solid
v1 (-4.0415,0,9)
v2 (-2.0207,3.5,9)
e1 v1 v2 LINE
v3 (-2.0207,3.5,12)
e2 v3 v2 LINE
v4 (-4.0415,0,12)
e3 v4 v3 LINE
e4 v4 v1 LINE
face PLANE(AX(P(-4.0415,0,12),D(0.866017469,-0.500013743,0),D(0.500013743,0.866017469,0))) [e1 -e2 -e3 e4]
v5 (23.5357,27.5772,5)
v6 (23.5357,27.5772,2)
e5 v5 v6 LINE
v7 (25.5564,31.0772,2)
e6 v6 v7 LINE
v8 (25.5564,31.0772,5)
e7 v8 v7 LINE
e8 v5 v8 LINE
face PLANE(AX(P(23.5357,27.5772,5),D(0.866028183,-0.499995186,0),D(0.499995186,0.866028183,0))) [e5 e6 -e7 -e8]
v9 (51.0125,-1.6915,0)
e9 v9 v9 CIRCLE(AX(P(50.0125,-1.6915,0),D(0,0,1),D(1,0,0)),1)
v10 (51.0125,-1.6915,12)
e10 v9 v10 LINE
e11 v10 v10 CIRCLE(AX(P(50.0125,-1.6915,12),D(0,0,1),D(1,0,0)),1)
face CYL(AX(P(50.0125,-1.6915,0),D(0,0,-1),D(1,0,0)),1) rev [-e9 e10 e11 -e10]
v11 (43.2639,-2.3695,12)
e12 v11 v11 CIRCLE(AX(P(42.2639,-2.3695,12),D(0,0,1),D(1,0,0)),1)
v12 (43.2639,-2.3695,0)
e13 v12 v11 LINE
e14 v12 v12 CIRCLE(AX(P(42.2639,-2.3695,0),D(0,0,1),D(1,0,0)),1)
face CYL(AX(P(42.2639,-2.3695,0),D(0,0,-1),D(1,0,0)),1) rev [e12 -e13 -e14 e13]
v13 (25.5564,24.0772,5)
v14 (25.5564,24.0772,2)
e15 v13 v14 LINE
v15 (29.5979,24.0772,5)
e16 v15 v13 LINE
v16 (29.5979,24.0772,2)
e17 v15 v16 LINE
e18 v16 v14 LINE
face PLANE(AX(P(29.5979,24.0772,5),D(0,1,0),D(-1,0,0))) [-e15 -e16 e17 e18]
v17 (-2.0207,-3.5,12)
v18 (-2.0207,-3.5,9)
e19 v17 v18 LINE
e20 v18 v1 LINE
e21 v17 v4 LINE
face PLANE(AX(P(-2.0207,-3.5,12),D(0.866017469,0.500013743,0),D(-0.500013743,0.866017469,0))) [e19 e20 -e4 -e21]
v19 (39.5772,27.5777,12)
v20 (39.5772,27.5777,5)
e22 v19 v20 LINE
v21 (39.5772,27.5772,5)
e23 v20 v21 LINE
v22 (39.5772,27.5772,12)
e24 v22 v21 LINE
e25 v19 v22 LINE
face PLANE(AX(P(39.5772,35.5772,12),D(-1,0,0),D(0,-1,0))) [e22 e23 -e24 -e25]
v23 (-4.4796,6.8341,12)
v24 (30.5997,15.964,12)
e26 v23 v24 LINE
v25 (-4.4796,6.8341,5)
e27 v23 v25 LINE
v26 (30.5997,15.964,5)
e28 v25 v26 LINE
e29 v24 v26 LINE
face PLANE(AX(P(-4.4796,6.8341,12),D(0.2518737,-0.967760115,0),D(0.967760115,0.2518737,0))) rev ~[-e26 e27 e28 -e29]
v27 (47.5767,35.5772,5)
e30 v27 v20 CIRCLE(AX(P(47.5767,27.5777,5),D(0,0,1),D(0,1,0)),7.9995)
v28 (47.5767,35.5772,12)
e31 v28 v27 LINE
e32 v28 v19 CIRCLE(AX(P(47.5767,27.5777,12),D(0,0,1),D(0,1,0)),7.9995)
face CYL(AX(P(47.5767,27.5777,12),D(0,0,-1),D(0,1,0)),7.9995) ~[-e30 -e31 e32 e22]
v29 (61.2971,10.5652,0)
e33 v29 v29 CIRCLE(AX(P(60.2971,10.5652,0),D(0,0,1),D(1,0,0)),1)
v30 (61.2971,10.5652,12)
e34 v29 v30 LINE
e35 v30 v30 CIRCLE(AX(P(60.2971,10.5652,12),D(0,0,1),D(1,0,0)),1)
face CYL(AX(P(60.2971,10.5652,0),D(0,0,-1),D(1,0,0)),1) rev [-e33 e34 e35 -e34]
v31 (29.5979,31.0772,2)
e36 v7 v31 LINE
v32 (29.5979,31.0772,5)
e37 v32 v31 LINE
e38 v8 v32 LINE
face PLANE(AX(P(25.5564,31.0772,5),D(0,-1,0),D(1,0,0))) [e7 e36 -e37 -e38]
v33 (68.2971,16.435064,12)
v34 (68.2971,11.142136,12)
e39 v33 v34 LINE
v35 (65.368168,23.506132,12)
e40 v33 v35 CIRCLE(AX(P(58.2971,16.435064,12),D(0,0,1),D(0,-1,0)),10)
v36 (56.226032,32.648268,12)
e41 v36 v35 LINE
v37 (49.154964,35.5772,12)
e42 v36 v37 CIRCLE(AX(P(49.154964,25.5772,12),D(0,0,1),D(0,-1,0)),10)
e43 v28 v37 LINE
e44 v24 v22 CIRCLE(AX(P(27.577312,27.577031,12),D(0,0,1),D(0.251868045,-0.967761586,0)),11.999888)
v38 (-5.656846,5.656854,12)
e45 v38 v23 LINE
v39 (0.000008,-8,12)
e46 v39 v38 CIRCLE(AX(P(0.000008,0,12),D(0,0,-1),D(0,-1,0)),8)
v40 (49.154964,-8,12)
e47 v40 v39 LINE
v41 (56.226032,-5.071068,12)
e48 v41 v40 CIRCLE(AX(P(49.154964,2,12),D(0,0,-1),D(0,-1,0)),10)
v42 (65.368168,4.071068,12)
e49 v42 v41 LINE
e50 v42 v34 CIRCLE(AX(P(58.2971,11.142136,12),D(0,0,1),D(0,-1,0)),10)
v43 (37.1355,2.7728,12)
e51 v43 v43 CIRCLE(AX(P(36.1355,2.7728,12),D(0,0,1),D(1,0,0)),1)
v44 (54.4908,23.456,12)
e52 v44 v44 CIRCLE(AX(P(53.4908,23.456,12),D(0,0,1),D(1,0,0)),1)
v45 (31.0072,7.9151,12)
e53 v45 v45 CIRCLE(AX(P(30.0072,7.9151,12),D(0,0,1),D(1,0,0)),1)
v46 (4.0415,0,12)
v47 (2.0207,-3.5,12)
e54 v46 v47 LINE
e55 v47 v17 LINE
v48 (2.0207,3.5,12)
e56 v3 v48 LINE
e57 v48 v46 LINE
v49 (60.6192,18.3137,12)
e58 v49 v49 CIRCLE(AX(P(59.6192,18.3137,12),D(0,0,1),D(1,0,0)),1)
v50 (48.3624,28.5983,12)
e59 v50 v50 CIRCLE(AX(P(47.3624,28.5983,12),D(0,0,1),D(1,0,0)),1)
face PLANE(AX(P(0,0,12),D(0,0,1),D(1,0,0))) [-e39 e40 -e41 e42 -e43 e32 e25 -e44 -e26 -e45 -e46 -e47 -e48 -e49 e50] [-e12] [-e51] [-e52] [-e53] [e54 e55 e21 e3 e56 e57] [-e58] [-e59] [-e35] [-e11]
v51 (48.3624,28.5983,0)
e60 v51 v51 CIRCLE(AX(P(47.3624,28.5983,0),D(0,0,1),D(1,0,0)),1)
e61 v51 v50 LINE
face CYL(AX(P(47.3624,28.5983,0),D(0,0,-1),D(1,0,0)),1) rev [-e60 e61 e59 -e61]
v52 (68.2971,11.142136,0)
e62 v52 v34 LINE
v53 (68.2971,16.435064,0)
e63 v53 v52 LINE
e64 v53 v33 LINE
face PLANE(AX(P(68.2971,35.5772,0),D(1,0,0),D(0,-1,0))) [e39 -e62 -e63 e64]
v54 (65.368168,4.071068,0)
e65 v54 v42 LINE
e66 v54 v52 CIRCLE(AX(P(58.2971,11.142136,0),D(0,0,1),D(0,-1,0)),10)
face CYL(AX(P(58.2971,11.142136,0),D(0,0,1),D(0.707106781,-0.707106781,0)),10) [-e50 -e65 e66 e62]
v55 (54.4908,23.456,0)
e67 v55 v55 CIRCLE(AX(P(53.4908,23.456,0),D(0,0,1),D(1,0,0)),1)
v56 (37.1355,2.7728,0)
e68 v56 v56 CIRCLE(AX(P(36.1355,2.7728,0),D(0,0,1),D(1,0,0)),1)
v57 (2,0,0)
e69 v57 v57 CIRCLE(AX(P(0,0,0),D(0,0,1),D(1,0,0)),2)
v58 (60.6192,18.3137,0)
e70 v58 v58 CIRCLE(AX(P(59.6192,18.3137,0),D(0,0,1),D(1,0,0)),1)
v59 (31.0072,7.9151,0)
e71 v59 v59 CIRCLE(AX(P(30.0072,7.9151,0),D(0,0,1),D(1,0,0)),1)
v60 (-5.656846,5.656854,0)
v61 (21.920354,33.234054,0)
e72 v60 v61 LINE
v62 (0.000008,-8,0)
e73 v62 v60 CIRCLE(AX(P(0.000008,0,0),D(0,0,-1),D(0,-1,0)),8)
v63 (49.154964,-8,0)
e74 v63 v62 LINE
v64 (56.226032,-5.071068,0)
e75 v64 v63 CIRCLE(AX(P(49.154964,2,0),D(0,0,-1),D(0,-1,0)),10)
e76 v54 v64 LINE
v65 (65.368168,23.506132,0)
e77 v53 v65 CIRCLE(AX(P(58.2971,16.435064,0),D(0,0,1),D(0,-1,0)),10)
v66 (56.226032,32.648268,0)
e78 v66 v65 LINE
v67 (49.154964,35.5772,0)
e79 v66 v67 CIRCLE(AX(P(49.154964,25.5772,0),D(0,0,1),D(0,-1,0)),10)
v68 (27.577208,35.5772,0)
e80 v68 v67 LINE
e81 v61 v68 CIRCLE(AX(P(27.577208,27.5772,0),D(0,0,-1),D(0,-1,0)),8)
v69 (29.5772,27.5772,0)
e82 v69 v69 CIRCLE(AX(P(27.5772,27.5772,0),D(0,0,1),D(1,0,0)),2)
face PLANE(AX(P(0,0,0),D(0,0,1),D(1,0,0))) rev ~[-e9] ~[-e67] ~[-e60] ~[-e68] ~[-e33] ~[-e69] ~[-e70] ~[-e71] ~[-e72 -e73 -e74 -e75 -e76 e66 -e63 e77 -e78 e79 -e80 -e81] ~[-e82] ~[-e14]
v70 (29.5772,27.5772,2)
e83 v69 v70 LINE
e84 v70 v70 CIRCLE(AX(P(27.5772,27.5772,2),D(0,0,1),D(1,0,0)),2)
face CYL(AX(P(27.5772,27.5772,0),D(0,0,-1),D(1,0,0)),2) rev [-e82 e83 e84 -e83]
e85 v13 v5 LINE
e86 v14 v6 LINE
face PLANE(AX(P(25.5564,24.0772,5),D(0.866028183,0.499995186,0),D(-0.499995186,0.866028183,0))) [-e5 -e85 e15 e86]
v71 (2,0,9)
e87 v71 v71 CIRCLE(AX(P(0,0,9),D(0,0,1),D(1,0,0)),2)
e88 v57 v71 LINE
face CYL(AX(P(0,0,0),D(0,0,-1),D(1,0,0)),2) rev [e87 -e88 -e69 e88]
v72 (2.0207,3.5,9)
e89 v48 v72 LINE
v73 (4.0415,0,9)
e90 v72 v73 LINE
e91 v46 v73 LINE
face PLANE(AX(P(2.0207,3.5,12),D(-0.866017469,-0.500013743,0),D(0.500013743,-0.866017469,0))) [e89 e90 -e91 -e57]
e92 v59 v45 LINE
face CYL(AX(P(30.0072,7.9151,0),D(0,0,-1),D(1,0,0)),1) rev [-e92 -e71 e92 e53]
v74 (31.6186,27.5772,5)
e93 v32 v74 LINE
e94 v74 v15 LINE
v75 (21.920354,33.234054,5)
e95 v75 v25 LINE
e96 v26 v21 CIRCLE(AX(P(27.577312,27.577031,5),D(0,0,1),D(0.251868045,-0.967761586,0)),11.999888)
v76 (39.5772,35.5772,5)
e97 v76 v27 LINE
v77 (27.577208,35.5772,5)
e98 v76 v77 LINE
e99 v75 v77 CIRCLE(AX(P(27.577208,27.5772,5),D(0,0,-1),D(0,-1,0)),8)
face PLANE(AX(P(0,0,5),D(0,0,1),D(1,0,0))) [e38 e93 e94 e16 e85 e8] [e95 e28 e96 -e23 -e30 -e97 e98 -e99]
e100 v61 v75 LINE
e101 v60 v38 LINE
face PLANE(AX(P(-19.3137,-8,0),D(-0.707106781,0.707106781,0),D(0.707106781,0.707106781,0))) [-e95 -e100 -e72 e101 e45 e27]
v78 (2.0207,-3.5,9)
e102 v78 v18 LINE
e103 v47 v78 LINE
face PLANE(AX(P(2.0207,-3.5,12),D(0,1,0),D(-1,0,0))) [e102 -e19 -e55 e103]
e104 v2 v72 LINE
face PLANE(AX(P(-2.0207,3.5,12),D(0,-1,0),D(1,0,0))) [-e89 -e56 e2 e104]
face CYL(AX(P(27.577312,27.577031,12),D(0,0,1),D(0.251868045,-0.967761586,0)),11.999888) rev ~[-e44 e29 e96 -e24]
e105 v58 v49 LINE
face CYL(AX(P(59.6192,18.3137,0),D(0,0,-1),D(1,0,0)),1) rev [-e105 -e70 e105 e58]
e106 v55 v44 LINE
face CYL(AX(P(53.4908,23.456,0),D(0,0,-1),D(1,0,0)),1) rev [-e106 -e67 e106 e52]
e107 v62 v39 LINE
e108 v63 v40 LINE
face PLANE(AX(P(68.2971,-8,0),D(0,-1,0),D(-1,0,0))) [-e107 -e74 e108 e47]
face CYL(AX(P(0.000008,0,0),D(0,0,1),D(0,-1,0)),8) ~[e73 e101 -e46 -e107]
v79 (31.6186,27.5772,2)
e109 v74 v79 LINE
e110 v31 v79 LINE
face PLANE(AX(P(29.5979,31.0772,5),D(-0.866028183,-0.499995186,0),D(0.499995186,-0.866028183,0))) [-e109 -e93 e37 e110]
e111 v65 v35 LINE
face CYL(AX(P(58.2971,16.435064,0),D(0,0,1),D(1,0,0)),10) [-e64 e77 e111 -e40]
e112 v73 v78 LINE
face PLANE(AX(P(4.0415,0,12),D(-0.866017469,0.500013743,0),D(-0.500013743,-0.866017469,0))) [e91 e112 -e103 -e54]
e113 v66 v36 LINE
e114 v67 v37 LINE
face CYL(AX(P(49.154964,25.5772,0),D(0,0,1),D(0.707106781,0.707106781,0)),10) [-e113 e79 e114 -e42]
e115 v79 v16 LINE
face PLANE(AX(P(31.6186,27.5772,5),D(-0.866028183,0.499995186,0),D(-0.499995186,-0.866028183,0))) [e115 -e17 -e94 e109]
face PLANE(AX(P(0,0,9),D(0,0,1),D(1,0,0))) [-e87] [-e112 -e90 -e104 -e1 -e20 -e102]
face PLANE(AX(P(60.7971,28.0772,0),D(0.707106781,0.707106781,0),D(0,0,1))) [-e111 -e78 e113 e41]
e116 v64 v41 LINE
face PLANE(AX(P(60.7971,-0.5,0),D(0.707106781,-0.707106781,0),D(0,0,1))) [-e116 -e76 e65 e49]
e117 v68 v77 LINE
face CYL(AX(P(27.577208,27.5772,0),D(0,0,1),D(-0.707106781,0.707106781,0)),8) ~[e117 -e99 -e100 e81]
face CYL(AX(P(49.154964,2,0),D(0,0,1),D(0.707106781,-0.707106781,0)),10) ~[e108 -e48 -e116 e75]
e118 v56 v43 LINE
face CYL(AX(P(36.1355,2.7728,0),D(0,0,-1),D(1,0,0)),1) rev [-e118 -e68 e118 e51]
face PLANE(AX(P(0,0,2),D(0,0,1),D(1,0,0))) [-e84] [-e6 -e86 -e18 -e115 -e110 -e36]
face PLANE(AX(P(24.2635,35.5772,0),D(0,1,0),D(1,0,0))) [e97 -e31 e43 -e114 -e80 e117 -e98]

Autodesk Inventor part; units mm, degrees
ref_plane "YZ Plane" through (0, 0, 0) normal (1, 0, 0) x (0, 1, 0)
ref_plane "XZ Plane" through (0, 0, 0) normal (0, 1, 0) x (-1, 0, 0)
ref_plane "XY Plane" through (0, 0, 0) normal (0, 0, 1) x (1, 0, 0)
sketch "Esquisse1" plane through (0, 0, 0) normal (0, 0, 1) x (1, 0, 0)
  line L0 (0, 0) -> (52, 0) construction
  line L1 (0, 0) -> (27.5772, 27.5772) construction
  circle A0 centre (27.5772, 27.5772) radius 2
  circle A1 centre (0, 0) radius 2
  line L2 (0, 0) -> (0, -8) construction
  line L3 (0, 0) -> (-5.6569, 5.6569) construction
  line L4 (68.2971, -8) -> (-19.3137, -8)
  line L5 (27.5772, 27.5772) -> (27.5772, 35.5772) construction
  line L6 (-19.3137, -8) -> (24.2635, 35.5772)
  line L7 (24.2635, 35.5772) -> (68.2971, 35.5772)
  line L8 (27.5772, 27.5772) -> (49, 27.5772) construction
  line L9 (27.5772, 27.5772) -> (55.1548, 4.4368) construction
  line L10 (27.5772, 27.5772) -> (36.2548, 37.9188) construction
  line L11 (36.2548, 37.9188) -> (41.2341, 33.7406) construction
  line L12 (41.2341, 33.7406) -> (47.3624, 28.5983) construction
  line L13 (47.3624, 28.5983) -> (53.4908, 23.456) construction
  line L14 (53.4908, 23.456) -> (59.6192, 18.3137) construction
  line L15 (55.1548, 4.4368) -> (60.2971, 10.5652) construction
  circle A2 centre (41.2341, 33.7406) radius 1 construction
  circle A3 centre (47.3624, 28.5983) radius 1
  circle A4 centre (53.4908, 23.456) radius 1
  circle A5 centre (59.6192, 18.3137) radius 1
  circle A6 centre (60.2971, 10.5652) radius 1
  circle A7 centre (23.8788, 13.0574) radius 1 construction
  circle A8 centre (30.0072, 7.9151) radius 1
  circle A9 centre (36.1355, 2.7728) radius 1
  circle A10 centre (42.2639, -2.3695) radius 1
  circle A11 centre (50.0125, -1.6915) radius 1
  line L16 (60.2971, 10.5652) -> (68.2971, 10.5652) construction
  line L17 (68.2971, 35.5772) -> (68.2971, -8)
  dimension "d39" = 39
  dimension "d41" = 4
  dimension "d44" = 8
  dimension "d64" = 8
  dimension "d80" = 45
  dimension "d82" = 8
  dimension "d101" = 36
  dimension "d102" = 40
  dimension "d103" = 13.5
  dimension "d104" = 6.5
  dimension "d105" = 8
  dimension "d106" = 8
  dimension "d107" = 8
  dimension "d108" = 8
  dimension "d109" = 2
  dimension "d110" = 8
extrude "Extrusion15" add sketch "Esquisse1" along normal blind 12
sketch "Esquisse13" plane through (0, 0, 12) normal (0, 0, 1) x (1, 0, 0)
  circle A0 centre (0, 0) radius 2 projected
  circle A1 centre (27.5772, 27.5772) radius 2 projected
  line L0 (68.2971, -8) -> (68.2971, 35.5772) projected
  line L1 (68.2971, 35.5772) -> (24.2635, 35.5772) projected
  line L2 (24.2635, 35.5772) -> (-19.3137, -8) projected
  circle A2 centre (27.5772, 27.5772) radius 12 construction
  line L3 (39.5772, 35.5772) -> (39.5772, 27.5772)
  line L4 (0, 0) -> (0, 8) construction
  line L5 (-4.4796, 6.8341) -> (30.5997, 15.964)
  arc A3 (30.5997, 15.964) -> (39.5772, 27.5772) centre (27.5772, 27.5772) ccw
  dimension "d128" = 24
  dimension "d129" = 8
extrude "Extrusion16" cut sketch "Esquisse13" against normal blind 7 contours L3 A3 L5 L2 L1
sketch "Esquisse14" plane through (0, 0, 12) normal (0, 0, 1) x (1, 0, 0)
  line L0 (-19.3137, -8) -> (68.2971, -8) projected
  circle A0 centre (0, 0) radius 2 projected
  line L1 (4.0415, 0) -> (2.0207, -3.5)
  line L2 (2.0207, -3.5) -> (-2.0207, -3.5)
  line L3 (-2.0207, -3.5) -> (-4.0415, 0)
  line L4 (-4.0415, 0) -> (-2.0207, 3.5)
  line L5 (-2.0207, 3.5) -> (2.0207, 3.5)
  line L6 (2.0207, 3.5) -> (4.0415, 0)
  line L7 (2.0207, 3.5) -> (2.0207, -3.5) construction
  dimension "d132" = 7
sketch "Esquisse15" plane through (0, 0, 5) normal (0, 0, 1) x (1, 0, 0)
  circle A0 centre (27.5772, 27.5772) radius 2 projected
  arc A1 (30.5997, 15.964) -> (39.5772, 27.5772) centre (27.5772, 27.5772) ccw projected
  line L0 (31.6186, 27.5772) -> (29.5979, 24.0772)
  line L1 (29.5979, 24.0772) -> (25.5564, 24.0772)
  line L2 (25.5564, 24.0772) -> (23.5357, 27.5772)
  line L3 (23.5357, 27.5772) -> (25.5564, 31.0772)
  line L4 (25.5564, 31.0772) -> (29.5979, 31.0772)
  line L5 (29.5979, 31.0772) -> (31.6186, 27.5772)
  line L6 (-19.3137, -8) -> (68.2971, -8) projected
  line L7 (-2.0207, 3.5) -> (2.0207, 3.5) projected
  point P0 (0, 0)
extrude "Extrusion17" cut sketch "Esquisse14" against normal blind 3
extrude "Extrusion18" cut sketch "Esquisse15" against normal blind 3
fillet "Congé8" radius 8 1 edges at (-19.3137, -8, 6)
fillet "Congé9" radius 8 1 edges at (24.2635, 35.5772, 2.5)
fillet "Congé10" radius 8 1 edges at (39.5772, 35.5772, 8.5)
chamfer "Chanfrein1" distance 15 angle 45 1 edges at (68.2971, 35.5772, 6)
chamfer "Chanfrein2" distance 15 angle 45 1 edges at (68.2971, -8, 6)
fillet "Congé12" radius 10 1 edges at (53.2971, -8, 6)
fillet "Congé13" radius 10 1 edges at (68.2971, 7, 6)
fillet "Congé14" radius 10 1 edges at (68.2971, 20.5772, 6)
fillet "Congé15" radius 10 1 edges at (53.2971, 35.5772, 6)
properties part number "joint1+ax12imprint+v2"
